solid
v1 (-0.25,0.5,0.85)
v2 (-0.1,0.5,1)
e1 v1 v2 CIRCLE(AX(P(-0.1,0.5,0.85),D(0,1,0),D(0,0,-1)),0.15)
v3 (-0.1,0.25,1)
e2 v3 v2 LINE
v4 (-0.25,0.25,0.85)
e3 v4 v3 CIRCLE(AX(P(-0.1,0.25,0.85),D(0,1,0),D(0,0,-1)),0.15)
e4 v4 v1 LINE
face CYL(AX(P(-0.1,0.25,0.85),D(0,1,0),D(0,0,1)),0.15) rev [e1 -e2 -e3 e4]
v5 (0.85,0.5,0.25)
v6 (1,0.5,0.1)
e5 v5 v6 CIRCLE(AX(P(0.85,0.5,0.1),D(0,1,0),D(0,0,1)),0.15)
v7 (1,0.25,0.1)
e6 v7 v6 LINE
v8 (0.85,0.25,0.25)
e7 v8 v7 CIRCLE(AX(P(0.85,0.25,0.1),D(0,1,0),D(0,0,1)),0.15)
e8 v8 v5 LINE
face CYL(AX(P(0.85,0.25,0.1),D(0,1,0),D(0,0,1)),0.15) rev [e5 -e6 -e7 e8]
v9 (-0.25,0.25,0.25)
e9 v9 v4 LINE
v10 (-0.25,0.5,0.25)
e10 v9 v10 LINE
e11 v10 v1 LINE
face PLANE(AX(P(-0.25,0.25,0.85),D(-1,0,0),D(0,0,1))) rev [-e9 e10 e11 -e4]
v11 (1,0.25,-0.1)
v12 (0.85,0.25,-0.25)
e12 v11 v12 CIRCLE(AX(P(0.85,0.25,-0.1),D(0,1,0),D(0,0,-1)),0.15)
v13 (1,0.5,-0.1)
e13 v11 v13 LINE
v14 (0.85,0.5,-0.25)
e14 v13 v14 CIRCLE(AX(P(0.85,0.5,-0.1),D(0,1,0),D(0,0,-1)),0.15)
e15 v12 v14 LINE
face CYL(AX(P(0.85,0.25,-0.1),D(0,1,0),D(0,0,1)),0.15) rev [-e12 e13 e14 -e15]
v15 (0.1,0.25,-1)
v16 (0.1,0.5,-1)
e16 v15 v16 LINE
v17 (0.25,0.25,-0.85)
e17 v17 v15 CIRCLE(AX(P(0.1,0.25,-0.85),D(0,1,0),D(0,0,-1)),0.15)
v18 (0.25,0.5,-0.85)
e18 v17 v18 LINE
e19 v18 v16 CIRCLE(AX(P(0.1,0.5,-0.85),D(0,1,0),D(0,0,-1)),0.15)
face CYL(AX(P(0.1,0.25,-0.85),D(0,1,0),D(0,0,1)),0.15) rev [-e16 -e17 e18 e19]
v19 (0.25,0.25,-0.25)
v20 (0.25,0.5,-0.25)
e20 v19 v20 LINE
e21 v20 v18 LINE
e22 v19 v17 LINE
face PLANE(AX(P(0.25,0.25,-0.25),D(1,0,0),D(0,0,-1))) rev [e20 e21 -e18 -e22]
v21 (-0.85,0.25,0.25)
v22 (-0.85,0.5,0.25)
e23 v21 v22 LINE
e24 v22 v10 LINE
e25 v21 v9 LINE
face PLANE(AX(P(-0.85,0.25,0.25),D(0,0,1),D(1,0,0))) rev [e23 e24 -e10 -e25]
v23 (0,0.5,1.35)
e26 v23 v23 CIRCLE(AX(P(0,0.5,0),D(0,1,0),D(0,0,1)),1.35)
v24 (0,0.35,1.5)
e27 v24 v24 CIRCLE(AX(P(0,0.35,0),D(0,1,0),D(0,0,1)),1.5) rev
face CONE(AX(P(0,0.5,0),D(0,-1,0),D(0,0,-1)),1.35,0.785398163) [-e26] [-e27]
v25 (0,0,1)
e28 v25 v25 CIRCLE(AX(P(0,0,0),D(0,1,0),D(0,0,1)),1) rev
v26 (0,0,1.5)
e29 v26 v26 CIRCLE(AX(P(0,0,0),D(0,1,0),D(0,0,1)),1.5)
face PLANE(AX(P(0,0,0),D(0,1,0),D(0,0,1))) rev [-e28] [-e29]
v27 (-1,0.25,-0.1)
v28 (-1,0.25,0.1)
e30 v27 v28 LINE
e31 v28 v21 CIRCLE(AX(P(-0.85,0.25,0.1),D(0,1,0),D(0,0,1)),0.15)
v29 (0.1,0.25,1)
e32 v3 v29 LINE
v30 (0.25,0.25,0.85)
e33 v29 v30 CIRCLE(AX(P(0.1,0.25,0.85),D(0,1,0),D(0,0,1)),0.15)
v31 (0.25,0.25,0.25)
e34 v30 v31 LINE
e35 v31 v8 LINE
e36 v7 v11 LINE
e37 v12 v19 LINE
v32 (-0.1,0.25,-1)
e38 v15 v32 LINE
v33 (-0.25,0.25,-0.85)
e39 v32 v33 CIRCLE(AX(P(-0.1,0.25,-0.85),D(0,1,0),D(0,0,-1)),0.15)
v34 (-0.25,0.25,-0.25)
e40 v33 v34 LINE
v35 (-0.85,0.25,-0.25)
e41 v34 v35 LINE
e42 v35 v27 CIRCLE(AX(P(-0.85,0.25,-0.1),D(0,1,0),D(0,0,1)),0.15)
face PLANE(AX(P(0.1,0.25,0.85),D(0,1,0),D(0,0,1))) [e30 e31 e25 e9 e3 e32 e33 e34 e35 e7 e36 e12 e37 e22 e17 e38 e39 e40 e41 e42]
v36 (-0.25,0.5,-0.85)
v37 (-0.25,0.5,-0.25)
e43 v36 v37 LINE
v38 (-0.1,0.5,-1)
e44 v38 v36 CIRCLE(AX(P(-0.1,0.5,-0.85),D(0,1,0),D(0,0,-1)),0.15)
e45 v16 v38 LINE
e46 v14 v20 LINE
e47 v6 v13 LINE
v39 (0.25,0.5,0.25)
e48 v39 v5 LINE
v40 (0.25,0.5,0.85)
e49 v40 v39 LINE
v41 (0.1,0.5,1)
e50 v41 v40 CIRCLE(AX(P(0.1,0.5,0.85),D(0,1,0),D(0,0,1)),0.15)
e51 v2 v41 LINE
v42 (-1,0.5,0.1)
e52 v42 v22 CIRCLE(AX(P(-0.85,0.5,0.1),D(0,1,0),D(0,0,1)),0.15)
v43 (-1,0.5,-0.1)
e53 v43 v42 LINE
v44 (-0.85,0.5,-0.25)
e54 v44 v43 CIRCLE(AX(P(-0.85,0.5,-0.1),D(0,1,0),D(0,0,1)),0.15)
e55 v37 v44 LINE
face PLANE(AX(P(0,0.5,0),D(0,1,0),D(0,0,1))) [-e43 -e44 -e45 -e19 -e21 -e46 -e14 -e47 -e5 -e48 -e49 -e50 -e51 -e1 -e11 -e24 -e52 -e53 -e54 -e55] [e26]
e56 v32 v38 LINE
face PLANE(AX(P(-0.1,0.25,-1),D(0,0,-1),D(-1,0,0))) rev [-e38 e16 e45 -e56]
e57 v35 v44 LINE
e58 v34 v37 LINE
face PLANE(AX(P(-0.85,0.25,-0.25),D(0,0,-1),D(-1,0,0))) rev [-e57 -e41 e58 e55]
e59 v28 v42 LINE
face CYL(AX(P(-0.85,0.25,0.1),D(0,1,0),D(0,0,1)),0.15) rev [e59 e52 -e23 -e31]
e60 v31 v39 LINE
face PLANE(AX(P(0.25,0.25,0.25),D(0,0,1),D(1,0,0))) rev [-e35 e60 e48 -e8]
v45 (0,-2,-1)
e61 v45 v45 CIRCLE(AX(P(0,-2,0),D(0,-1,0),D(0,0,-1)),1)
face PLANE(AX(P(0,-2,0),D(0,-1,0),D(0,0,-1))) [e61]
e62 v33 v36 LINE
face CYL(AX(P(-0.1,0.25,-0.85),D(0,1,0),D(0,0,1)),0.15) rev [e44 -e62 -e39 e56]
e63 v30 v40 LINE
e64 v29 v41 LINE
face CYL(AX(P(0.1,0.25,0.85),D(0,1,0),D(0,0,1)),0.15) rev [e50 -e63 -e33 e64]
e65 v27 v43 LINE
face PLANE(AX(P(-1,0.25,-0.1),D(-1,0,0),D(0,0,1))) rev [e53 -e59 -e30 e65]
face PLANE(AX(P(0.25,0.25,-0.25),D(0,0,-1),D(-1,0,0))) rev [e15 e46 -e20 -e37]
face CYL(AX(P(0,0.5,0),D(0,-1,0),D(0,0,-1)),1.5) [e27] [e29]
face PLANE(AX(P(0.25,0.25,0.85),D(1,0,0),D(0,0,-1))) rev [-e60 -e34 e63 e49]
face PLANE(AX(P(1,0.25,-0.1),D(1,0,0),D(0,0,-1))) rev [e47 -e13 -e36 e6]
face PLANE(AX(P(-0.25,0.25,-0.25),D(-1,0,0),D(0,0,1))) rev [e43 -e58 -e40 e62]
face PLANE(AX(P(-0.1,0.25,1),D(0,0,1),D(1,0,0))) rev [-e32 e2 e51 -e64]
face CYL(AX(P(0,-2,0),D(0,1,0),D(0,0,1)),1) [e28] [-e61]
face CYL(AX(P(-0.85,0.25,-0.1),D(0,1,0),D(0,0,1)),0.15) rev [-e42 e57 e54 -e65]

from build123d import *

# Parameters (mm, degrees)
SKETCH1_R           = 1.5
BOSS_EXTRUDE1_DEPTH = 0.5
CUT_EXTRUDE1_DEPTH  = 0.25
CHAMFER1_SIZE       = 0.15
SKETCH3_R           = 1
BOSS_EXTRUDE2_DEPTH = 2


with BuildPart() as part:
    # Sketch1 → Boss-Extrude1 (new body)
    with BuildSketch(Plane(origin=(0, 0, 0), x_dir=(1, 0, 0), z_dir=(0, 1, 0))):
        with Locations(Location((0, 0, 0), (0, 0, 270))):
            Circle(SKETCH1_R)
    extrude(amount=BOSS_EXTRUDE1_DEPTH)

    # Sketch2 → Cut-Extrude1 (cut)
    with BuildSketch(Plane(origin=(0, 0.5, 0), x_dir=(1, 0, 0), z_dir=(0, 1, 0))):
        with BuildLine():
            Line((-0.1, -1), (0.1, -1))
            ThreePointArc((0.1, -1), (0.206066017, -0.956066017), (0.25, -0.85))
            Line((0.25, -0.85), (0.25, -0.25))
            Line((0.25, -0.25), (0.85, -0.25))
            ThreePointArc((0.85, -0.25), (0.956066017, -0.206066017), (1, -0.1))
            Line((1, -0.1), (1, 0.1))
            ThreePointArc((1, 0.1), (0.956066017, 0.206066017), (0.85, 0.25))
            Line((0.85, 0.25), (0.25, 0.25))
            Line((0.25, 0.25), (0.25, 0.85))
            ThreePointArc((0.25, 0.85), (0.206066017, 0.956066017), (0.1, 1))
            Line((0.1, 1), (-0.1, 1))
            ThreePointArc((-0.1, 1), (-0.206066017, 0.956066017), (-0.25, 0.85))
            Line((-0.25, 0.85), (-0.25, 0.25))
            Line((-0.25, 0.25), (-0.85, 0.25))
            ThreePointArc((-0.85, 0.25), (-0.956066017, 0.206066017), (-1, 0.1))
            Line((-1, 0.1), (-1, -0.1))
            ThreePointArc((-1, -0.1), (-0.956066017, -0.206066017), (-0.85, -0.25))
            Line((-0.85, -0.25), (-0.25, -0.25))
            Line((-0.25, -0.25), (-0.25, -0.85))
            ThreePointArc((-0.25, -0.85), (-0.206066017, -0.956066017), (-0.1, -1))
        make_face()
    extrude(amount=-CUT_EXTRUDE1_DEPTH, mode=Mode.SUBTRACT)

    # Chamfer1
    chamfer1_edges = [part.edges().sort_by_distance(p)[0] for p in [
        (0, 0.5, -1.5),
    ]]
    chamfer(chamfer1_edges, length=CHAMFER1_SIZE)

    # Sketch3 → Boss-Extrude2 (add)
    with BuildSketch(Plane.XZ):
        with Locations(Location((0, 0, 0), (0, 0, 90))):
            Circle(SKETCH3_R)
    extrude(amount=BOSS_EXTRUDE2_DEPTH)


solid = part.part
